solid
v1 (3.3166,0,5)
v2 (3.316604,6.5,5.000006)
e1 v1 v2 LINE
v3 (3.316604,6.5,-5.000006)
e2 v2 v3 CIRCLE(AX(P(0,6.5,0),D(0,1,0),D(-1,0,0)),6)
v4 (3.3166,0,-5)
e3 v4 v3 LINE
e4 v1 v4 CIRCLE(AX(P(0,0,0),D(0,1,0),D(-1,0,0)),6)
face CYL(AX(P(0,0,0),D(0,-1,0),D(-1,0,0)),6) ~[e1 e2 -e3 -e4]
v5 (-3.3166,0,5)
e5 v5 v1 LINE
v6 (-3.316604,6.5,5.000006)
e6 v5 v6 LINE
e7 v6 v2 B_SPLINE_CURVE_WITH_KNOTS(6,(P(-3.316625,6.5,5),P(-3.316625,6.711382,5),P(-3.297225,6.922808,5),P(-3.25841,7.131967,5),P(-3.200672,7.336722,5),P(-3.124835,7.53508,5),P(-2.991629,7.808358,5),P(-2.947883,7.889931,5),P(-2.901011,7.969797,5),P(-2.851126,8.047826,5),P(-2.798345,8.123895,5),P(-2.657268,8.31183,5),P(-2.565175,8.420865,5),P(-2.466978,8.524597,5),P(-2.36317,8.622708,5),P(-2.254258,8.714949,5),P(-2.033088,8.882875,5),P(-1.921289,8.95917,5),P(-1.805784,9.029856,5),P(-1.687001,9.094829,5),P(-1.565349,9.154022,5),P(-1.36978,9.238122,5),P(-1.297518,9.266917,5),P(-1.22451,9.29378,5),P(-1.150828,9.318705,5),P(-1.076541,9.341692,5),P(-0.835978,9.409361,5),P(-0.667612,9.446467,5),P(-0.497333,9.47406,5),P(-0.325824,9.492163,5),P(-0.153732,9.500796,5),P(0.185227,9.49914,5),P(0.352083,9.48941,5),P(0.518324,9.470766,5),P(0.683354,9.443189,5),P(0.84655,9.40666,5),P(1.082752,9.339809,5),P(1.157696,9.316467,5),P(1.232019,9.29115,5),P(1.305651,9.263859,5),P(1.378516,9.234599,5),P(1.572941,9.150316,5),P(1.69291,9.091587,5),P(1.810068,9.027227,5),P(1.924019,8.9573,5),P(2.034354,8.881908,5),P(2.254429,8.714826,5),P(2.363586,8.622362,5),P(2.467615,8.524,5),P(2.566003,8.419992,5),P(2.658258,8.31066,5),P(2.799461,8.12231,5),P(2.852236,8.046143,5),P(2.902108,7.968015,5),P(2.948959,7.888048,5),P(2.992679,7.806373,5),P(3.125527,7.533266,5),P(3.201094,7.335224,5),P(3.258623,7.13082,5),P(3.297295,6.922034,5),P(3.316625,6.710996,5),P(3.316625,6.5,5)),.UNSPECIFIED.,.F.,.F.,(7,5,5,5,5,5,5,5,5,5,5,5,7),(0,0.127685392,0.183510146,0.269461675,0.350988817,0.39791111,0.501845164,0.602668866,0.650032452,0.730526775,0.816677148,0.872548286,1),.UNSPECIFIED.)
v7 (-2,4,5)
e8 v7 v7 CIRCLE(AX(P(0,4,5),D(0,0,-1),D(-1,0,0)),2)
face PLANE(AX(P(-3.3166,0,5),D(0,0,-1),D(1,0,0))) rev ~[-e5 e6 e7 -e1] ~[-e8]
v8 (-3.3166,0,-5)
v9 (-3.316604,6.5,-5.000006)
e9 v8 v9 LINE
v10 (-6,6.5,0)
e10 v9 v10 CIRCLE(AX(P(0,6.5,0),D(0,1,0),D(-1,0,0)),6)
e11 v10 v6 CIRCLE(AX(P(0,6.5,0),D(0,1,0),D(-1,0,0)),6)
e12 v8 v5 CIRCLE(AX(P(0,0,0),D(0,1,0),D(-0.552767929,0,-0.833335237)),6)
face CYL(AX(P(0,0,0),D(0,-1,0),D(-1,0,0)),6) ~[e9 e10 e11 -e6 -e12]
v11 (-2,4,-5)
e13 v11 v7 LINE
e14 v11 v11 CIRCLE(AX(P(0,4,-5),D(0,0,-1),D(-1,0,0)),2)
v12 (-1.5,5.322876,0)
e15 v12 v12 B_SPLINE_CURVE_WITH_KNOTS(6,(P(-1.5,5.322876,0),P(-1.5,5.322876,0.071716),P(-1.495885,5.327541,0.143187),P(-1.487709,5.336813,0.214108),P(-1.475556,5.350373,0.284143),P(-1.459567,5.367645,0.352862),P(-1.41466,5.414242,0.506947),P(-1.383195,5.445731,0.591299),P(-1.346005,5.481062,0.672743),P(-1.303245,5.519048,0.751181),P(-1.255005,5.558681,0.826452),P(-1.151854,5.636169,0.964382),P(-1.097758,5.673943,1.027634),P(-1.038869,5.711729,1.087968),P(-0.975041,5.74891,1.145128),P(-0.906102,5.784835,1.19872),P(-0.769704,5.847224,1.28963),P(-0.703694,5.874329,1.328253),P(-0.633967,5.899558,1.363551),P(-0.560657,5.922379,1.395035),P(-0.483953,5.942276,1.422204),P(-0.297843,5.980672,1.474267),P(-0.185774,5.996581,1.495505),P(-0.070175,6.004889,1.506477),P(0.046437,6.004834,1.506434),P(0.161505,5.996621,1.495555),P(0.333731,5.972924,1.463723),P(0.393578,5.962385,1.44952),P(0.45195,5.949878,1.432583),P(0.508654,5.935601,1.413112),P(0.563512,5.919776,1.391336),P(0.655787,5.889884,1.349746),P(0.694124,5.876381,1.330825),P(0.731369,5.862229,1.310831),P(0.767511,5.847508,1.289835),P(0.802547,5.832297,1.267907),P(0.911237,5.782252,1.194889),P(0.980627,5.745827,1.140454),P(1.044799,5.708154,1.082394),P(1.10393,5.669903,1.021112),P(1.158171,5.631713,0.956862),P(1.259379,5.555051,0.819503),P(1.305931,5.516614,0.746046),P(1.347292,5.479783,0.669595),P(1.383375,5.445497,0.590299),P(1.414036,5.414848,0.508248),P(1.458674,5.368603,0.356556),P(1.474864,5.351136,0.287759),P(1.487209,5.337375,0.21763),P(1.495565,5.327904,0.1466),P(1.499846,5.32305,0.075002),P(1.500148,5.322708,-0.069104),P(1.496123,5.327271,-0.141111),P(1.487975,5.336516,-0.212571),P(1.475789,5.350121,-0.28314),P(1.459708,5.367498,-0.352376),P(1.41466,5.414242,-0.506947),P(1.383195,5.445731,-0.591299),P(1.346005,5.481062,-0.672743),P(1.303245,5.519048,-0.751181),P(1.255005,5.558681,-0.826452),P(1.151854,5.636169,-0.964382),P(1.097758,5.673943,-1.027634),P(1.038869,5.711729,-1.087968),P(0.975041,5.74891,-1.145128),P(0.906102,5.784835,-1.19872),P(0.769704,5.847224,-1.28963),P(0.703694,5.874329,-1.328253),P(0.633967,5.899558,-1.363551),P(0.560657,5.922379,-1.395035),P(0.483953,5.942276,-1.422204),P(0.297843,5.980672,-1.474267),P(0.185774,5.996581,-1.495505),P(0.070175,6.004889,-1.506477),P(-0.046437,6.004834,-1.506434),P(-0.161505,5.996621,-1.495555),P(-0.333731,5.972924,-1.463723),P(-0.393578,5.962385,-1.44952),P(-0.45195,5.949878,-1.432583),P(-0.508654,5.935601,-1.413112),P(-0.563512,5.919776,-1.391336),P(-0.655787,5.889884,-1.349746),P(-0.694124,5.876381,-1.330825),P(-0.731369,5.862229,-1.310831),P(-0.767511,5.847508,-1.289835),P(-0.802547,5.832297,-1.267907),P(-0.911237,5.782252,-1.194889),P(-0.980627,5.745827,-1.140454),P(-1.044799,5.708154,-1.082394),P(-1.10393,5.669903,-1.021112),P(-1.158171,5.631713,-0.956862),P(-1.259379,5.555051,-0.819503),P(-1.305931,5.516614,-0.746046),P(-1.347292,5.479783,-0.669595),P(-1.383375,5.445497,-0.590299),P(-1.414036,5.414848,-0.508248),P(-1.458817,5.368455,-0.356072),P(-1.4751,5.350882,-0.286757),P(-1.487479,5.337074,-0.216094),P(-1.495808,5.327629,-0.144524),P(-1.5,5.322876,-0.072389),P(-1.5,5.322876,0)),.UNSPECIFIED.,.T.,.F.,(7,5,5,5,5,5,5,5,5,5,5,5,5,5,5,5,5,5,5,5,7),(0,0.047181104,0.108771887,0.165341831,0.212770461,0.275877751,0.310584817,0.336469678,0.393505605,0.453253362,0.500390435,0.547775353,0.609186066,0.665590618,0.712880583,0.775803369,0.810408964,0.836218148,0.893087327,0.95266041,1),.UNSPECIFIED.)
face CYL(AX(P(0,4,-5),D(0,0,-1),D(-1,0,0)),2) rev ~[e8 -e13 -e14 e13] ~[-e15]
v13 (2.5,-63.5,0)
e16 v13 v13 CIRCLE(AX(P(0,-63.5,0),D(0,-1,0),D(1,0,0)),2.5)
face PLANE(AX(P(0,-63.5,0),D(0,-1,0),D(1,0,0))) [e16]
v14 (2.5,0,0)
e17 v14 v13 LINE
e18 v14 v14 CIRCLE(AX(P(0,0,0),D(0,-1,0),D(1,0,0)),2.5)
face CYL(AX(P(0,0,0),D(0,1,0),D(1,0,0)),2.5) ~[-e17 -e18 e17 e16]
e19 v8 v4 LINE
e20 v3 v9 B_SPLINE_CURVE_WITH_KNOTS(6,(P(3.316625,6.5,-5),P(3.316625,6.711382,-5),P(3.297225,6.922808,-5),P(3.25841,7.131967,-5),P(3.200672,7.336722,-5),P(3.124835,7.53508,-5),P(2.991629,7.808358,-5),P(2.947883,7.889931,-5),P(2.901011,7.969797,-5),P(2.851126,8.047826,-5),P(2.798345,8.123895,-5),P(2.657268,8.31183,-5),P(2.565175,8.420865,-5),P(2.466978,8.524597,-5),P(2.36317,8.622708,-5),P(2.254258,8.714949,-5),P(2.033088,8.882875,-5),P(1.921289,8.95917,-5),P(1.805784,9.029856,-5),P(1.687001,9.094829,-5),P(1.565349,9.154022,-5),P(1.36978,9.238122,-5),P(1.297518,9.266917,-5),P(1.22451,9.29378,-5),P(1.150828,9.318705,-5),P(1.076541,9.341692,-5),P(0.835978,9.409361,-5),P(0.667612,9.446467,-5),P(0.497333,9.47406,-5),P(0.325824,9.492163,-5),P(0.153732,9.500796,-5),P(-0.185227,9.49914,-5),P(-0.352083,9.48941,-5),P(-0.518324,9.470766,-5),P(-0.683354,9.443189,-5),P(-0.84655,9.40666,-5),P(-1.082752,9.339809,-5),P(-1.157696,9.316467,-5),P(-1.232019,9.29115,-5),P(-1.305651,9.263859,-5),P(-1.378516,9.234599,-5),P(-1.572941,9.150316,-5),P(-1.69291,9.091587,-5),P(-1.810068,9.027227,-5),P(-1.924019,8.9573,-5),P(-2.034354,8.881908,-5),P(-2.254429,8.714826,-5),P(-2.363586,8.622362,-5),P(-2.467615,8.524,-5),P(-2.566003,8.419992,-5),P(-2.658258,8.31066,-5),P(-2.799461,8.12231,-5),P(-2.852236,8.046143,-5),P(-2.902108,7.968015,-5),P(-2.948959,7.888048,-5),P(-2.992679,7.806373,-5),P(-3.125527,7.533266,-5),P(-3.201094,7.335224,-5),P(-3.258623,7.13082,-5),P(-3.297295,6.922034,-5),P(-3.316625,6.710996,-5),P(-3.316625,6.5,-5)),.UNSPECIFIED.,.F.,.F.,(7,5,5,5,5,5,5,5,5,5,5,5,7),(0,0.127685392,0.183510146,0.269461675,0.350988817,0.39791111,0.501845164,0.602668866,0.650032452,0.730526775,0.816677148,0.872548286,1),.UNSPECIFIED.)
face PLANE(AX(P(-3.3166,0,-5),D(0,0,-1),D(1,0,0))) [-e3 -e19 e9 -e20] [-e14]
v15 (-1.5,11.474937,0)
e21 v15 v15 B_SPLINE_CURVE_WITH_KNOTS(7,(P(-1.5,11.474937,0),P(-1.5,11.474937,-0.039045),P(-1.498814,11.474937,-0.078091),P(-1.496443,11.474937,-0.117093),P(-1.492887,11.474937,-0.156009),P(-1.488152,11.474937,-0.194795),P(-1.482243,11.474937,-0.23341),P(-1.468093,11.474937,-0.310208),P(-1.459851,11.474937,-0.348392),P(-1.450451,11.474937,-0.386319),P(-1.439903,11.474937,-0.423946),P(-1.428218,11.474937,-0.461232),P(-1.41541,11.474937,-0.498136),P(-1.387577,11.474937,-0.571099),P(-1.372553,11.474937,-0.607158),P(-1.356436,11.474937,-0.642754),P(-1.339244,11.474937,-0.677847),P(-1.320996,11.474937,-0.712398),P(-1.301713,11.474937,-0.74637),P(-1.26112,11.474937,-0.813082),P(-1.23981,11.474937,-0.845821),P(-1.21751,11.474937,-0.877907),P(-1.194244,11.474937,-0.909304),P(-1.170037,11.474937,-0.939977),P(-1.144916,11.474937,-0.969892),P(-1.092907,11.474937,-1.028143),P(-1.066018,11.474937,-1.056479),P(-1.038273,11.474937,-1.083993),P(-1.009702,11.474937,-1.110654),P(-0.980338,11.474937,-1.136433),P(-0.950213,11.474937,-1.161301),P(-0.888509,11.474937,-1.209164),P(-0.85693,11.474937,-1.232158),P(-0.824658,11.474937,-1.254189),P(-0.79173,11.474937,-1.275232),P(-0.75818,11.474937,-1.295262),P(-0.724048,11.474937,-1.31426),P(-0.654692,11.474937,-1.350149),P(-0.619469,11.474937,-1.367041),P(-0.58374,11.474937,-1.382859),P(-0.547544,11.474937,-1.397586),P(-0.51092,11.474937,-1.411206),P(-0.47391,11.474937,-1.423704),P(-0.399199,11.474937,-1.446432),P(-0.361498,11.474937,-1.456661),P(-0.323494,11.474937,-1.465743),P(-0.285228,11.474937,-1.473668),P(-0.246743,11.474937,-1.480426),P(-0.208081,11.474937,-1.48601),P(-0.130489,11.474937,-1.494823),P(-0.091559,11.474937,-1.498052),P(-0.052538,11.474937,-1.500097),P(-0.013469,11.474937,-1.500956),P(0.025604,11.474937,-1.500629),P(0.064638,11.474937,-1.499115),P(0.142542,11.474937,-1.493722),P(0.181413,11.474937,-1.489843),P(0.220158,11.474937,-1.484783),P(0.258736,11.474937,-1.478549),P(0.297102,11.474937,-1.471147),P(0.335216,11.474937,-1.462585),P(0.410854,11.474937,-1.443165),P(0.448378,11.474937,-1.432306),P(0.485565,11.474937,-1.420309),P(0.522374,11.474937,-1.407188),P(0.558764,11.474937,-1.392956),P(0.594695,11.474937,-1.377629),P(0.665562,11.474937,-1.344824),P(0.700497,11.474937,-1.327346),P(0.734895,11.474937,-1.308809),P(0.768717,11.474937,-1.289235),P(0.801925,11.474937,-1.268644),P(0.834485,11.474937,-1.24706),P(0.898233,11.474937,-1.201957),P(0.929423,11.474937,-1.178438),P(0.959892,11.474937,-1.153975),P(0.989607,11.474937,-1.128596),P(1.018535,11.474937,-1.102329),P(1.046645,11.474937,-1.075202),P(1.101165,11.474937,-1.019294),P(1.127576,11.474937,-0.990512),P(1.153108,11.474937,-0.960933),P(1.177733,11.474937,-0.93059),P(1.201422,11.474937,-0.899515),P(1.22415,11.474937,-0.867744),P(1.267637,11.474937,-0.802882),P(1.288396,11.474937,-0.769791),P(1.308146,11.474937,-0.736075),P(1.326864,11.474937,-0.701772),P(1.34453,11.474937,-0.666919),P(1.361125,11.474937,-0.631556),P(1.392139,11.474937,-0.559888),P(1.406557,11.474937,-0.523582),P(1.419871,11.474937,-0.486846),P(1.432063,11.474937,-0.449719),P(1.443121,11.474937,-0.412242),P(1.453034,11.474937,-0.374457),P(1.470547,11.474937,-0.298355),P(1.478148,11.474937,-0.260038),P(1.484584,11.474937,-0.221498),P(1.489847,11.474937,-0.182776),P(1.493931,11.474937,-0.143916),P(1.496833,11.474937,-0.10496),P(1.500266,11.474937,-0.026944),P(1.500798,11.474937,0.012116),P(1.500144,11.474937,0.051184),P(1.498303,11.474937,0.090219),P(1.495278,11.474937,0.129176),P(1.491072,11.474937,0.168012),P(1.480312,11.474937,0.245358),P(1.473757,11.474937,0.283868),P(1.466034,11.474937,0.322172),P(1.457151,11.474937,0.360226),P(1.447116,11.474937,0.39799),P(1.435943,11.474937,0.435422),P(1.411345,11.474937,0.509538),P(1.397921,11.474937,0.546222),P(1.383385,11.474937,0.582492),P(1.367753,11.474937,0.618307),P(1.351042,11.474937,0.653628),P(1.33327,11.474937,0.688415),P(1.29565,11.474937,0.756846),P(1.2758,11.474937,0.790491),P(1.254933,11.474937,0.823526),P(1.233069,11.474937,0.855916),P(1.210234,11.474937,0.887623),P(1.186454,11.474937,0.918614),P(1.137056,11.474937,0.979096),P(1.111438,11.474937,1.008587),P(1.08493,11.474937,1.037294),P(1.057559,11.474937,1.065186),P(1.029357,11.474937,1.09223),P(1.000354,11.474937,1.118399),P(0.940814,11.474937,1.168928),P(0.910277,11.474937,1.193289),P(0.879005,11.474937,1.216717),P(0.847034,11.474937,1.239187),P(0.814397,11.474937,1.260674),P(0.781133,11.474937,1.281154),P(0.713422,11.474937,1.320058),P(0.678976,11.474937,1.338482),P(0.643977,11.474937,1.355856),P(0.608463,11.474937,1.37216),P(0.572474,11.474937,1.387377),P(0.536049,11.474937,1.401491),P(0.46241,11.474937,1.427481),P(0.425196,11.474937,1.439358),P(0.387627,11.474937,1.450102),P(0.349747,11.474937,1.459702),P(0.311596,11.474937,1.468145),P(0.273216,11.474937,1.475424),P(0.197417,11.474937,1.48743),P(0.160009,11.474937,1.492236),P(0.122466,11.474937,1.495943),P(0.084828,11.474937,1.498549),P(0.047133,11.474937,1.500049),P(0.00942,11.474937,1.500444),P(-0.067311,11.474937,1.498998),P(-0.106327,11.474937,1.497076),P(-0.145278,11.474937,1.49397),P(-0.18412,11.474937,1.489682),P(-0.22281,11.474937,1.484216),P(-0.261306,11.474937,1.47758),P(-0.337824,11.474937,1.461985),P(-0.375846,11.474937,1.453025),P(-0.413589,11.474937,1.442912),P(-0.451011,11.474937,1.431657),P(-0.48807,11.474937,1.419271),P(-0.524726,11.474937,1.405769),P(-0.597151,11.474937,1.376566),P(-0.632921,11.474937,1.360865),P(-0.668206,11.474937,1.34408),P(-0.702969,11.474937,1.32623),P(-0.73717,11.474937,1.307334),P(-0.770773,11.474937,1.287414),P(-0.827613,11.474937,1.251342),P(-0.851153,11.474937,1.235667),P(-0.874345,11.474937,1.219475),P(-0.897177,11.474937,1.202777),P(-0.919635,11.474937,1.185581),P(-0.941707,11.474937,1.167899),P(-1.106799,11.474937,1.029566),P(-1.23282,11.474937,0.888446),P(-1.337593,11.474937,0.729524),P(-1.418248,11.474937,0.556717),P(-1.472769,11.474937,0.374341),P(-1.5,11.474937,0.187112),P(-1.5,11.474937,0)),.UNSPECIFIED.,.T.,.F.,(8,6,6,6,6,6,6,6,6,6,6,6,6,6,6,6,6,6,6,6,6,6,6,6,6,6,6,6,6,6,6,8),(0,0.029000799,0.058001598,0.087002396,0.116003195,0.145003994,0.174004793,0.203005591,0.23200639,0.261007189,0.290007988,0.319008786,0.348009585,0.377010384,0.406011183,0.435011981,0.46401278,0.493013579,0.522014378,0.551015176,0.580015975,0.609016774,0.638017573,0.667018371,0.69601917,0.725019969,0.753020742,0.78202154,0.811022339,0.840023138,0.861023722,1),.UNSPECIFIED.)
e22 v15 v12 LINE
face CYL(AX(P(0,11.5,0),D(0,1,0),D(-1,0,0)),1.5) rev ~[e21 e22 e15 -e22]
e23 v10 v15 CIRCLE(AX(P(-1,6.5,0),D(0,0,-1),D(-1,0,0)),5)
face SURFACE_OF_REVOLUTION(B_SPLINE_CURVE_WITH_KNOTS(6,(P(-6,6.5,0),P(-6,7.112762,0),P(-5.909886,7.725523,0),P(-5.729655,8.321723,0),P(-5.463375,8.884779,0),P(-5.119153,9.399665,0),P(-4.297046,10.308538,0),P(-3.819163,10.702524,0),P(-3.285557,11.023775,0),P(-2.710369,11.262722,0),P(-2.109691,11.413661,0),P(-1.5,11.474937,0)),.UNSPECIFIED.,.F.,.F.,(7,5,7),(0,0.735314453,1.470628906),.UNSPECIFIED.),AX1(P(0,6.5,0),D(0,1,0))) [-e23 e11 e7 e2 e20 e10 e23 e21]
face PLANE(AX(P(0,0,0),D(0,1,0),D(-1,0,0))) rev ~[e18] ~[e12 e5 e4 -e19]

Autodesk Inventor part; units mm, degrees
ref_plane "YZ Plane" through (0, 0, 0) normal (1, 0, 0) x (0, 1, 0)
ref_plane "XY Plane" through (0, 0, 0) normal (0, 0, 1) x (1, 0, 0)
sketch "Sketch1" plane through (0, 0, 0) normal (0, 1, 0) x (-1, 0, 0)
  circle A0 centre (0, 0) radius 6
  dimension "d0" = 12
extrude "Extrusion1" add sketch "Sketch1" along normal blind 11.5
fillet "Fillet1" radius 5 1 edges at (6, 11.5, 0)
sketch "Sketch2" plane through (0, 0, 0) normal (0, -1, 0) x (1, 0, 0)
  circle A0 centre (0, 0) radius 2.5
  dimension "d4" = 5
extrude "Extrusion2" add sketch "Sketch2" along normal blind 63.5
sketch "Sketch3" plane through (0, 0, 0) normal (0, -1, 0) x (1, 0, 0)
  circle A0 centre (0, 0) radius 2.5 construction
  line L0 (0, -5) -> (0, 5) construction
  circle A1 centre (0, 0) radius 6 projected
  line L1 (-3.3166, -5) -> (3.3166, -5)
  line L2 (-3.3166, 5) -> (3.3166, 5)
  dimension "d8" = 10
extrude "Extrusion3" cut sketch "Sketch3" against normal through all contours L2 A1 | A1 L1
sketch "Sketch4" plane through (3.3166, 0, -5) normal (0, 0, -1) x (-1, 0, 0)
  line L0 (3.3166, 0) -> (3.3166, 4) construction
  circle A0 centre (3.3166, 4) radius 2
  dimension "d11" = 4
extrude "Extrusion4" cut sketch "Sketch4" against normal through all
ref_plane "Work Plane1" through (0, 11.5, 0) normal (0, 1, 0) x (-1, 0, 0)
sketch "Sketch5" plane through (0, 11.5, 0) normal (0, 1, 0) x (-1, 0, 0)
  circle A0 centre (0, 0) radius 1.5
extrude "Extrusion5" cut sketch "Sketch5" against normal up to surface
properties part number "Asta cassetto"
